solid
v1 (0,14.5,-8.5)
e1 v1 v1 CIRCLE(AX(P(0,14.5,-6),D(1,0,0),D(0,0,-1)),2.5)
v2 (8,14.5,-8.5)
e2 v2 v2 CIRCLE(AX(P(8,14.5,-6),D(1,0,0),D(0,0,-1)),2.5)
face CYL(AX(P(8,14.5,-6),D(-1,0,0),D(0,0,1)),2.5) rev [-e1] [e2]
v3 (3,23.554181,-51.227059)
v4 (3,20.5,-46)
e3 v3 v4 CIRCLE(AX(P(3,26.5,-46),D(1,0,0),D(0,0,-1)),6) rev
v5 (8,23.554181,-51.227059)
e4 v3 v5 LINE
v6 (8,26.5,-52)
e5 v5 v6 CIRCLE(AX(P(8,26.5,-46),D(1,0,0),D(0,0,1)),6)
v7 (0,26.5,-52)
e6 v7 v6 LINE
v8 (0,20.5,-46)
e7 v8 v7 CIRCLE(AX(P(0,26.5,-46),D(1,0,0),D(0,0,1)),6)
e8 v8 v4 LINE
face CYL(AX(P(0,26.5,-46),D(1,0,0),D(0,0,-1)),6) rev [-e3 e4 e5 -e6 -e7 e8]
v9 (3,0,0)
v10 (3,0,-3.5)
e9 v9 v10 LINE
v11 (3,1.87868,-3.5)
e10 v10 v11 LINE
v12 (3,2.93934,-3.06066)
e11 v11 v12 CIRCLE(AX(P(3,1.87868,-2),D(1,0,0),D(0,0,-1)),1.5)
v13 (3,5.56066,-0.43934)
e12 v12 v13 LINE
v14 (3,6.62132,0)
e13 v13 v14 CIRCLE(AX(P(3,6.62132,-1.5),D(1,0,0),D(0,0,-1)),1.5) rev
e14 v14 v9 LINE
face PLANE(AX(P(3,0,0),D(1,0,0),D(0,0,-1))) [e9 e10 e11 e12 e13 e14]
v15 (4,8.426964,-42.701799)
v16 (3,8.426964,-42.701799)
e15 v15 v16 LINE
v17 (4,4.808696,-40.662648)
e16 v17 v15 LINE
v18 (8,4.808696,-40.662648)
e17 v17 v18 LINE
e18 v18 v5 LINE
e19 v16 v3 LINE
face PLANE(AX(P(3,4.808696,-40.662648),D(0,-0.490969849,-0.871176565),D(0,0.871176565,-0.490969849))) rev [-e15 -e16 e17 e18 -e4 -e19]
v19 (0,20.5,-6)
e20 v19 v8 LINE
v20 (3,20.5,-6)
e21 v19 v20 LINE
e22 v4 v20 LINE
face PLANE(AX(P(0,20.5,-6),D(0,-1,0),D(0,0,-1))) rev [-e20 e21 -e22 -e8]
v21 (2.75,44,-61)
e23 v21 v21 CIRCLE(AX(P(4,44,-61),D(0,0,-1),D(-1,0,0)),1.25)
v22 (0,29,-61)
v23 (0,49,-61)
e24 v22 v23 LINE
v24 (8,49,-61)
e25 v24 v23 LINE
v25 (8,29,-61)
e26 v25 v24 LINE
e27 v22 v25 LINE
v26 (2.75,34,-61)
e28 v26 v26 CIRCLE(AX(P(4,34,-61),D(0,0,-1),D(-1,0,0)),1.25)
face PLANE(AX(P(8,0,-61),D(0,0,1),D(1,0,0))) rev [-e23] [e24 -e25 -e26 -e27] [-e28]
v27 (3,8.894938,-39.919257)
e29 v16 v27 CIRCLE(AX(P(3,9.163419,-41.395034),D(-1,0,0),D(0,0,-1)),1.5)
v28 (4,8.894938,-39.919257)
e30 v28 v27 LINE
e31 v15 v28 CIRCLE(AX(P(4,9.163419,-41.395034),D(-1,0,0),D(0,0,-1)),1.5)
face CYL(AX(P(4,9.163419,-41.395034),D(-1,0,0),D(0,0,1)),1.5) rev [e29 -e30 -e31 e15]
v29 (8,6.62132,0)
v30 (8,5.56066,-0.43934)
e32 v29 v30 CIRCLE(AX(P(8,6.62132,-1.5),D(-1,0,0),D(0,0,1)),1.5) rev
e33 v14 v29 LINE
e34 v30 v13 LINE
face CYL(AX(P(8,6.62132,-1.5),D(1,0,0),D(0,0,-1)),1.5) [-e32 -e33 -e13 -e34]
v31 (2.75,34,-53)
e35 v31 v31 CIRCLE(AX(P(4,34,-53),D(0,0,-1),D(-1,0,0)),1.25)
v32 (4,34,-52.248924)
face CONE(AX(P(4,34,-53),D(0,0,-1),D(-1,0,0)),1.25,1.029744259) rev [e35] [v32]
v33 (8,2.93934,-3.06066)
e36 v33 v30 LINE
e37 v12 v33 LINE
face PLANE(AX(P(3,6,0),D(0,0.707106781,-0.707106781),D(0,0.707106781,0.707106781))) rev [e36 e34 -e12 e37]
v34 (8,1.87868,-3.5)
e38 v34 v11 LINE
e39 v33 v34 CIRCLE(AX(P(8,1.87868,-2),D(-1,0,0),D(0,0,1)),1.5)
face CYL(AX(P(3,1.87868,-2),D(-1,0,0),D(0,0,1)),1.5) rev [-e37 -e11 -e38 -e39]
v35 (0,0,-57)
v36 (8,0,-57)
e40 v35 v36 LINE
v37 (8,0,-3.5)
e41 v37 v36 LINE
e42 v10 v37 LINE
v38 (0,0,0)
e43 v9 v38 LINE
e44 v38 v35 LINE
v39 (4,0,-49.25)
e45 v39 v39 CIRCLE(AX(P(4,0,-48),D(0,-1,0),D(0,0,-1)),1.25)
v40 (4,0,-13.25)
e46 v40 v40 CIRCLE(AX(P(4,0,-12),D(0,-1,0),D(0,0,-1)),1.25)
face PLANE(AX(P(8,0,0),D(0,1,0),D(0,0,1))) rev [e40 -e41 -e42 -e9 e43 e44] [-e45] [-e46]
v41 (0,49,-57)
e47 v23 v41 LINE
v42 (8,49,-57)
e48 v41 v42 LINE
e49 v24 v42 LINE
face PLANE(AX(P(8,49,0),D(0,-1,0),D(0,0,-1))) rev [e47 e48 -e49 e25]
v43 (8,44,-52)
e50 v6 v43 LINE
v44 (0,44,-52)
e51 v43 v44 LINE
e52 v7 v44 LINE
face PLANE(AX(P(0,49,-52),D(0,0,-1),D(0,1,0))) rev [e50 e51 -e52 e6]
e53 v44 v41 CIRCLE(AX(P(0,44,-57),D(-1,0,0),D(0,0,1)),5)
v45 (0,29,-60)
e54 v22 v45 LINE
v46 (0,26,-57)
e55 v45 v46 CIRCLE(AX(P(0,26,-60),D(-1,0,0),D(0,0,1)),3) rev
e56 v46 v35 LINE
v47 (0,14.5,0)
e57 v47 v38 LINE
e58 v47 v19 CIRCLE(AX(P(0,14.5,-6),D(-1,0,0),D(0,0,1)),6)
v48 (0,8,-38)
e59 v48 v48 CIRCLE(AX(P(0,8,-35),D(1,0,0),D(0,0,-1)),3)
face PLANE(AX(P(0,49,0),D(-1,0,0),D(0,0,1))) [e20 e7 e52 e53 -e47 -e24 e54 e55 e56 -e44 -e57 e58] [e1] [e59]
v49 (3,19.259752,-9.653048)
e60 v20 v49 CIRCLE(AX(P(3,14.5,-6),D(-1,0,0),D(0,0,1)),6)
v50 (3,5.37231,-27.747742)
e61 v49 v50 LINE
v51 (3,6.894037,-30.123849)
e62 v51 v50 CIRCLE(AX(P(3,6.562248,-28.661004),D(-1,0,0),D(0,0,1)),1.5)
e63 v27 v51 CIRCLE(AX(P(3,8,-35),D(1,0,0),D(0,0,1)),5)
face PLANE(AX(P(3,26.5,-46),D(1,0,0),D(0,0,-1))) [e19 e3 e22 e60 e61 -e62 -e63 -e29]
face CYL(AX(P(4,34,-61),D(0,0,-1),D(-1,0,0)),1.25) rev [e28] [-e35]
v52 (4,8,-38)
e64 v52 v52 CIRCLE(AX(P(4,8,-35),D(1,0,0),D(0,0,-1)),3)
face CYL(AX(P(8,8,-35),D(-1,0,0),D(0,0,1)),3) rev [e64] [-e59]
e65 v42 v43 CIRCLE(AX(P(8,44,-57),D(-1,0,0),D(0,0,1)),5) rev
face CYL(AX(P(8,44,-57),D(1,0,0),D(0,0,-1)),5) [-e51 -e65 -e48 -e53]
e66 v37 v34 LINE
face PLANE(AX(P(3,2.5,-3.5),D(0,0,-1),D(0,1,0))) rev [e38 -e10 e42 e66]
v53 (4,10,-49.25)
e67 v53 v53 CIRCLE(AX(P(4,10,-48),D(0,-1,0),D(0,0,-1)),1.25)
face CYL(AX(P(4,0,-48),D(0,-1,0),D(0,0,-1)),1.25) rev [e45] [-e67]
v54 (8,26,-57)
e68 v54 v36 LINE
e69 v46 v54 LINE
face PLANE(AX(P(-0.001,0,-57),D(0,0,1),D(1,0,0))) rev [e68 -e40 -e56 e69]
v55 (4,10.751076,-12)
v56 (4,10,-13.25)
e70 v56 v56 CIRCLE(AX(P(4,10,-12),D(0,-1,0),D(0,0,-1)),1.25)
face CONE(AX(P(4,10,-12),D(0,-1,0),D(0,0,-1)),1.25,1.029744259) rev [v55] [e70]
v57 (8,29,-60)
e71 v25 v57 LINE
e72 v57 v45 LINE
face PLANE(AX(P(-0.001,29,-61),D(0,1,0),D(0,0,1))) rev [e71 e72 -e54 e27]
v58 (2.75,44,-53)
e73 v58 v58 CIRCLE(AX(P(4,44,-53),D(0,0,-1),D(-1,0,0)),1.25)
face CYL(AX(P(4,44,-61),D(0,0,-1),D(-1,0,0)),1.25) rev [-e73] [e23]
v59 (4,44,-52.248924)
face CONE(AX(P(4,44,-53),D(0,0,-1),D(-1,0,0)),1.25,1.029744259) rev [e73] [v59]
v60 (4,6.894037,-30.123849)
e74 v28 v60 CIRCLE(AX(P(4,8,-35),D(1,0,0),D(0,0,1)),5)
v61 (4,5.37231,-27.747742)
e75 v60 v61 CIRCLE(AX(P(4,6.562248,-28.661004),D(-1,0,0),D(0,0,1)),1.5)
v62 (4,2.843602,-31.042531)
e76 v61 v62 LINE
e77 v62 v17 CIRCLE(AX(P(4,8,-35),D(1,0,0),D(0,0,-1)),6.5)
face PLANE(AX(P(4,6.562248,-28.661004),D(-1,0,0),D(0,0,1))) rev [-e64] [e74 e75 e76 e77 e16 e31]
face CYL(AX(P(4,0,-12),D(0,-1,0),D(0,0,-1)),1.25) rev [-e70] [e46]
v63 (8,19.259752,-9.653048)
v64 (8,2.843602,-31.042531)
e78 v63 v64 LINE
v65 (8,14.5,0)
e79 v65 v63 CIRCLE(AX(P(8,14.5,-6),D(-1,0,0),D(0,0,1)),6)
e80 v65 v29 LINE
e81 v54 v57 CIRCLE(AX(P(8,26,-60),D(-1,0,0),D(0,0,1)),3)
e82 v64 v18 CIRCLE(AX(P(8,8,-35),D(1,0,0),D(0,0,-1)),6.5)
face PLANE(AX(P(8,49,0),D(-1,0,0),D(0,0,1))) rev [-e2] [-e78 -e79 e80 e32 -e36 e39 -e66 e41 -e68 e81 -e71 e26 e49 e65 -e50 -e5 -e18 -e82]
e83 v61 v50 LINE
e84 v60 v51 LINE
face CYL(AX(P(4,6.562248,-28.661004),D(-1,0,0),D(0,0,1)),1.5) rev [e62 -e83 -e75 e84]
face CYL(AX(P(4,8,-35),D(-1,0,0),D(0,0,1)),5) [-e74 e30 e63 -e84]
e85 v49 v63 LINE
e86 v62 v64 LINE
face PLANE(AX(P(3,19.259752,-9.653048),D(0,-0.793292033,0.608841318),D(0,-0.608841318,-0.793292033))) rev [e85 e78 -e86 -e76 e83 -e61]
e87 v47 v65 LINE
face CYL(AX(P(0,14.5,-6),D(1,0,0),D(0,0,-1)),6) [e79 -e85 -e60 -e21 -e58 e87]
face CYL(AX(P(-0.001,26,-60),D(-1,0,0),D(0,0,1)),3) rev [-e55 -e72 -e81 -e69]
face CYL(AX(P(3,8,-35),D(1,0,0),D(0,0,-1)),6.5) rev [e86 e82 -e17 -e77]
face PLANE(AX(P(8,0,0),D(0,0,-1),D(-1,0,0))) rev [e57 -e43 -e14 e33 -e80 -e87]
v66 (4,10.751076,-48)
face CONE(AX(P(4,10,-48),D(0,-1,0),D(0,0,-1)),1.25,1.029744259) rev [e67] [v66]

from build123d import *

# Parameters (mm, degrees)
SKETCH1_W                   = 61
SKETCH1_H                   = 49
SKETCH1_R                   = 2.5
SKETCH1_R_2                 = 3
BOSS_EXTRUDE1_DEPTH         = 8
CUT_EXTRUDE2_REACH          = 80.651
SKETCH3_W                   = 4
SKETCH3_H                   = 29
FILLET2_R                   = 3
TAP_DRILL_FOR_M3_TAP1_D     = 2.5
TAP_DRILL_FOR_M3_TAP1_DEPTH = 10
TAP_DRILL_FOR_M3_TAP1_TIP   = 0.751075774
TAP_DRILL_FOR_M3_TAP2_D     = 2.5
TAP_DRILL_FOR_M3_TAP2_DEPTH = 8
TAP_DRILL_FOR_M3_TAP2_TIP   = 0.751075774
CUT_EXTRUDE3_DEPTH          = 8
CUT_EXTRUDE4_DEPTH          = 5
SKETCH14_R                  = 3
BOSS_EXTRUDE2_DEPTH         = 1
FILLET3_R                   = 5
FILLET4_R                   = 1.5


with BuildPart() as part:
    # Sketch1 → Boss-Extrude1 (new body)
    with BuildSketch(Plane(origin=(0, 0, 0), x_dir=(0, 0, -1), z_dir=(1, 0, 0))):
        with Locations((30.5, 24.5)):
            Rectangle(SKETCH1_W, SKETCH1_H)
        with Locations((6, 14.5)):
            Circle(SKETCH1_R, mode=Mode.SUBTRACT)
        with Locations((35, 8)):
            Circle(SKETCH1_R_2, mode=Mode.SUBTRACT)
    extrude(amount=BOSS_EXTRUDE1_DEPTH)

    # Sketch3 → Cut-Extrude2 (cut, up to next)
    with BuildSketch(Plane(origin=(8, 0, 0), x_dir=(0, 0, -1), z_dir=(1, 0, 0)), mode=Mode.PRIVATE) as cut_extrude2_sk1:
        with Locations((59, 14.5)):
            Rectangle(SKETCH3_W, SKETCH3_H)
    cut_extrude2_tool1 = extrude(cut_extrude2_sk1.sketch, amount=-CUT_EXTRUDE2_REACH, mode=Mode.PRIVATE) & part.part
    add(cut_extrude2_tool1.solids().sort_by_distance((8, 14.5, -59))[0], mode=Mode.SUBTRACT)

    # Fillet2
    fillet2_edges = [part.edges().sort_by_distance(p)[0] for p in [
        (4, 29, -57),
    ]]
    fillet(fillet2_edges, radius=FILLET2_R)

    # Tap Drill for M3 Tap1
    with Locations(Plane(origin=(0, 0, 0), x_dir=(-1, 0, 0), z_dir=(0, -1, 0))):
        with Locations((-4, 48), (-4, 12)):
            Hole(TAP_DRILL_FOR_M3_TAP1_D / 2, depth=TAP_DRILL_FOR_M3_TAP1_DEPTH)
            with Locations((0, 0, -(TAP_DRILL_FOR_M3_TAP1_DEPTH + TAP_DRILL_FOR_M3_TAP1_TIP / 2))):  # 118° drill point
                Cone(0, TAP_DRILL_FOR_M3_TAP1_D / 2, TAP_DRILL_FOR_M3_TAP1_TIP, mode=Mode.SUBTRACT)

    # Tap Drill for M3 Tap2
    with Locations(Plane(origin=(0, 0, -61), x_dir=(-1, 0, 0), z_dir=(0, 0, -1))):
        with Locations((-4, 44), (-4, 34)):
            Hole(TAP_DRILL_FOR_M3_TAP2_D / 2, depth=TAP_DRILL_FOR_M3_TAP2_DEPTH)
            with Locations((0, 0, -(TAP_DRILL_FOR_M3_TAP2_DEPTH + TAP_DRILL_FOR_M3_TAP2_TIP / 2))):  # 118° drill point
                Cone(0, TAP_DRILL_FOR_M3_TAP2_D / 2, TAP_DRILL_FOR_M3_TAP2_TIP, mode=Mode.SUBTRACT)

    # Sketch9 → Cut-Extrude3 (cut)
    with BuildSketch(Plane(origin=(8, 0, 0), x_dir=(0, 0, -1), z_dir=(1, 0, 0))):
        with BuildLine():
            Line((6, 20.5), (46, 20.5))
            ThreePointArc((46, 20.5), (50.242640687, 22.257359313), (52, 26.5))
            Line((52, 26.5), (52, 49))
            Line((52, 49), (0, 49))
            Line((0, 49), (0, 14.5))
            ThreePointArc((0, 14.5), (1.757359313, 18.742640687), (6, 20.5))
        make_face()
    extrude(amount=-CUT_EXTRUDE3_DEPTH, mode=Mode.SUBTRACT)

    # Sketch13 → Cut-Extrude4 (cut)
    with BuildSketch(Plane(origin=(8, 0, 0), x_dir=(0, 0, -1), z_dir=(1, 0, 0))):
        with BuildLine():
            Line((9.653047907, 19.259752199), (31.042531435, 2.843601785))
            ThreePointArc((31.042531435, 2.843601785), (36.300887291, 1.631507851), (40.662647671, 4.808695979))
            Line((40.662647671, 4.808695979), (51.227059389, 23.554180904))
            ThreePointArc((51.227059389, 23.554180904), (51.803548756, 24.97723218), (52, 26.5))
            Line((52, 26.5), (0, 26.5))
            Line((0, 26.5), (0, 14.5))
            ThreePointArc((0, 14.5), (3.346538811, 19.88137006), (9.653047907, 19.259752199))
        make_face()
        Polygon((0, 6), (3.5, 2.5), (3.5, 0), (0, 0), align=None)
    extrude(amount=-CUT_EXTRUDE4_DEPTH, mode=Mode.SUBTRACT)

    # Sketch14 → Boss-Extrude2 (add)
    with BuildSketch(Plane(origin=(3, 0, 0), x_dir=(0, 0, -1), z_dir=(1, 0, 0))):
        with BuildLine():
            Line((27.747742168, 5.372309694), (31.042531435, 2.843601785))
            ThreePointArc((31.042531435, 2.843601785), (36.300887291, 1.631507851), (40.662647671, 4.808695979))
            Line((40.662647671, 4.808695979), (42.701798604, 8.426964))
            ThreePointArc((42.701798604, 8.426964), (41.146254574, 7.684192991), (39.919256736, 8.894937519))
            ThreePointArc((39.919256736, 8.894937519), (33.999317468, 12.898840115), (30.123849342, 6.894036726))
            ThreePointArc((30.123849342, 6.894036726), (29.469968742, 5.299086519), (27.747742168, 5.372309694))
        make_face()
        with Locations((35, 8)):
            Circle(SKETCH14_R, mode=Mode.SUBTRACT)
    extrude(amount=BOSS_EXTRUDE2_DEPTH)

    # Fillet3
    fillet3_edges = [part.edges().sort_by_distance(p)[0] for p in [
        (4, 49, -52),
    ]]
    fillet(fillet3_edges, radius=FILLET3_R)

    # Fillet4
    fillet4_edges = [part.edges().sort_by_distance(p)[0] for p in [
        (5.5, 6, 0),
        (5.5, 2.5, -3.5),
    ]]
    fillet(fillet4_edges, radius=FILLET4_R)


solid = part.part
